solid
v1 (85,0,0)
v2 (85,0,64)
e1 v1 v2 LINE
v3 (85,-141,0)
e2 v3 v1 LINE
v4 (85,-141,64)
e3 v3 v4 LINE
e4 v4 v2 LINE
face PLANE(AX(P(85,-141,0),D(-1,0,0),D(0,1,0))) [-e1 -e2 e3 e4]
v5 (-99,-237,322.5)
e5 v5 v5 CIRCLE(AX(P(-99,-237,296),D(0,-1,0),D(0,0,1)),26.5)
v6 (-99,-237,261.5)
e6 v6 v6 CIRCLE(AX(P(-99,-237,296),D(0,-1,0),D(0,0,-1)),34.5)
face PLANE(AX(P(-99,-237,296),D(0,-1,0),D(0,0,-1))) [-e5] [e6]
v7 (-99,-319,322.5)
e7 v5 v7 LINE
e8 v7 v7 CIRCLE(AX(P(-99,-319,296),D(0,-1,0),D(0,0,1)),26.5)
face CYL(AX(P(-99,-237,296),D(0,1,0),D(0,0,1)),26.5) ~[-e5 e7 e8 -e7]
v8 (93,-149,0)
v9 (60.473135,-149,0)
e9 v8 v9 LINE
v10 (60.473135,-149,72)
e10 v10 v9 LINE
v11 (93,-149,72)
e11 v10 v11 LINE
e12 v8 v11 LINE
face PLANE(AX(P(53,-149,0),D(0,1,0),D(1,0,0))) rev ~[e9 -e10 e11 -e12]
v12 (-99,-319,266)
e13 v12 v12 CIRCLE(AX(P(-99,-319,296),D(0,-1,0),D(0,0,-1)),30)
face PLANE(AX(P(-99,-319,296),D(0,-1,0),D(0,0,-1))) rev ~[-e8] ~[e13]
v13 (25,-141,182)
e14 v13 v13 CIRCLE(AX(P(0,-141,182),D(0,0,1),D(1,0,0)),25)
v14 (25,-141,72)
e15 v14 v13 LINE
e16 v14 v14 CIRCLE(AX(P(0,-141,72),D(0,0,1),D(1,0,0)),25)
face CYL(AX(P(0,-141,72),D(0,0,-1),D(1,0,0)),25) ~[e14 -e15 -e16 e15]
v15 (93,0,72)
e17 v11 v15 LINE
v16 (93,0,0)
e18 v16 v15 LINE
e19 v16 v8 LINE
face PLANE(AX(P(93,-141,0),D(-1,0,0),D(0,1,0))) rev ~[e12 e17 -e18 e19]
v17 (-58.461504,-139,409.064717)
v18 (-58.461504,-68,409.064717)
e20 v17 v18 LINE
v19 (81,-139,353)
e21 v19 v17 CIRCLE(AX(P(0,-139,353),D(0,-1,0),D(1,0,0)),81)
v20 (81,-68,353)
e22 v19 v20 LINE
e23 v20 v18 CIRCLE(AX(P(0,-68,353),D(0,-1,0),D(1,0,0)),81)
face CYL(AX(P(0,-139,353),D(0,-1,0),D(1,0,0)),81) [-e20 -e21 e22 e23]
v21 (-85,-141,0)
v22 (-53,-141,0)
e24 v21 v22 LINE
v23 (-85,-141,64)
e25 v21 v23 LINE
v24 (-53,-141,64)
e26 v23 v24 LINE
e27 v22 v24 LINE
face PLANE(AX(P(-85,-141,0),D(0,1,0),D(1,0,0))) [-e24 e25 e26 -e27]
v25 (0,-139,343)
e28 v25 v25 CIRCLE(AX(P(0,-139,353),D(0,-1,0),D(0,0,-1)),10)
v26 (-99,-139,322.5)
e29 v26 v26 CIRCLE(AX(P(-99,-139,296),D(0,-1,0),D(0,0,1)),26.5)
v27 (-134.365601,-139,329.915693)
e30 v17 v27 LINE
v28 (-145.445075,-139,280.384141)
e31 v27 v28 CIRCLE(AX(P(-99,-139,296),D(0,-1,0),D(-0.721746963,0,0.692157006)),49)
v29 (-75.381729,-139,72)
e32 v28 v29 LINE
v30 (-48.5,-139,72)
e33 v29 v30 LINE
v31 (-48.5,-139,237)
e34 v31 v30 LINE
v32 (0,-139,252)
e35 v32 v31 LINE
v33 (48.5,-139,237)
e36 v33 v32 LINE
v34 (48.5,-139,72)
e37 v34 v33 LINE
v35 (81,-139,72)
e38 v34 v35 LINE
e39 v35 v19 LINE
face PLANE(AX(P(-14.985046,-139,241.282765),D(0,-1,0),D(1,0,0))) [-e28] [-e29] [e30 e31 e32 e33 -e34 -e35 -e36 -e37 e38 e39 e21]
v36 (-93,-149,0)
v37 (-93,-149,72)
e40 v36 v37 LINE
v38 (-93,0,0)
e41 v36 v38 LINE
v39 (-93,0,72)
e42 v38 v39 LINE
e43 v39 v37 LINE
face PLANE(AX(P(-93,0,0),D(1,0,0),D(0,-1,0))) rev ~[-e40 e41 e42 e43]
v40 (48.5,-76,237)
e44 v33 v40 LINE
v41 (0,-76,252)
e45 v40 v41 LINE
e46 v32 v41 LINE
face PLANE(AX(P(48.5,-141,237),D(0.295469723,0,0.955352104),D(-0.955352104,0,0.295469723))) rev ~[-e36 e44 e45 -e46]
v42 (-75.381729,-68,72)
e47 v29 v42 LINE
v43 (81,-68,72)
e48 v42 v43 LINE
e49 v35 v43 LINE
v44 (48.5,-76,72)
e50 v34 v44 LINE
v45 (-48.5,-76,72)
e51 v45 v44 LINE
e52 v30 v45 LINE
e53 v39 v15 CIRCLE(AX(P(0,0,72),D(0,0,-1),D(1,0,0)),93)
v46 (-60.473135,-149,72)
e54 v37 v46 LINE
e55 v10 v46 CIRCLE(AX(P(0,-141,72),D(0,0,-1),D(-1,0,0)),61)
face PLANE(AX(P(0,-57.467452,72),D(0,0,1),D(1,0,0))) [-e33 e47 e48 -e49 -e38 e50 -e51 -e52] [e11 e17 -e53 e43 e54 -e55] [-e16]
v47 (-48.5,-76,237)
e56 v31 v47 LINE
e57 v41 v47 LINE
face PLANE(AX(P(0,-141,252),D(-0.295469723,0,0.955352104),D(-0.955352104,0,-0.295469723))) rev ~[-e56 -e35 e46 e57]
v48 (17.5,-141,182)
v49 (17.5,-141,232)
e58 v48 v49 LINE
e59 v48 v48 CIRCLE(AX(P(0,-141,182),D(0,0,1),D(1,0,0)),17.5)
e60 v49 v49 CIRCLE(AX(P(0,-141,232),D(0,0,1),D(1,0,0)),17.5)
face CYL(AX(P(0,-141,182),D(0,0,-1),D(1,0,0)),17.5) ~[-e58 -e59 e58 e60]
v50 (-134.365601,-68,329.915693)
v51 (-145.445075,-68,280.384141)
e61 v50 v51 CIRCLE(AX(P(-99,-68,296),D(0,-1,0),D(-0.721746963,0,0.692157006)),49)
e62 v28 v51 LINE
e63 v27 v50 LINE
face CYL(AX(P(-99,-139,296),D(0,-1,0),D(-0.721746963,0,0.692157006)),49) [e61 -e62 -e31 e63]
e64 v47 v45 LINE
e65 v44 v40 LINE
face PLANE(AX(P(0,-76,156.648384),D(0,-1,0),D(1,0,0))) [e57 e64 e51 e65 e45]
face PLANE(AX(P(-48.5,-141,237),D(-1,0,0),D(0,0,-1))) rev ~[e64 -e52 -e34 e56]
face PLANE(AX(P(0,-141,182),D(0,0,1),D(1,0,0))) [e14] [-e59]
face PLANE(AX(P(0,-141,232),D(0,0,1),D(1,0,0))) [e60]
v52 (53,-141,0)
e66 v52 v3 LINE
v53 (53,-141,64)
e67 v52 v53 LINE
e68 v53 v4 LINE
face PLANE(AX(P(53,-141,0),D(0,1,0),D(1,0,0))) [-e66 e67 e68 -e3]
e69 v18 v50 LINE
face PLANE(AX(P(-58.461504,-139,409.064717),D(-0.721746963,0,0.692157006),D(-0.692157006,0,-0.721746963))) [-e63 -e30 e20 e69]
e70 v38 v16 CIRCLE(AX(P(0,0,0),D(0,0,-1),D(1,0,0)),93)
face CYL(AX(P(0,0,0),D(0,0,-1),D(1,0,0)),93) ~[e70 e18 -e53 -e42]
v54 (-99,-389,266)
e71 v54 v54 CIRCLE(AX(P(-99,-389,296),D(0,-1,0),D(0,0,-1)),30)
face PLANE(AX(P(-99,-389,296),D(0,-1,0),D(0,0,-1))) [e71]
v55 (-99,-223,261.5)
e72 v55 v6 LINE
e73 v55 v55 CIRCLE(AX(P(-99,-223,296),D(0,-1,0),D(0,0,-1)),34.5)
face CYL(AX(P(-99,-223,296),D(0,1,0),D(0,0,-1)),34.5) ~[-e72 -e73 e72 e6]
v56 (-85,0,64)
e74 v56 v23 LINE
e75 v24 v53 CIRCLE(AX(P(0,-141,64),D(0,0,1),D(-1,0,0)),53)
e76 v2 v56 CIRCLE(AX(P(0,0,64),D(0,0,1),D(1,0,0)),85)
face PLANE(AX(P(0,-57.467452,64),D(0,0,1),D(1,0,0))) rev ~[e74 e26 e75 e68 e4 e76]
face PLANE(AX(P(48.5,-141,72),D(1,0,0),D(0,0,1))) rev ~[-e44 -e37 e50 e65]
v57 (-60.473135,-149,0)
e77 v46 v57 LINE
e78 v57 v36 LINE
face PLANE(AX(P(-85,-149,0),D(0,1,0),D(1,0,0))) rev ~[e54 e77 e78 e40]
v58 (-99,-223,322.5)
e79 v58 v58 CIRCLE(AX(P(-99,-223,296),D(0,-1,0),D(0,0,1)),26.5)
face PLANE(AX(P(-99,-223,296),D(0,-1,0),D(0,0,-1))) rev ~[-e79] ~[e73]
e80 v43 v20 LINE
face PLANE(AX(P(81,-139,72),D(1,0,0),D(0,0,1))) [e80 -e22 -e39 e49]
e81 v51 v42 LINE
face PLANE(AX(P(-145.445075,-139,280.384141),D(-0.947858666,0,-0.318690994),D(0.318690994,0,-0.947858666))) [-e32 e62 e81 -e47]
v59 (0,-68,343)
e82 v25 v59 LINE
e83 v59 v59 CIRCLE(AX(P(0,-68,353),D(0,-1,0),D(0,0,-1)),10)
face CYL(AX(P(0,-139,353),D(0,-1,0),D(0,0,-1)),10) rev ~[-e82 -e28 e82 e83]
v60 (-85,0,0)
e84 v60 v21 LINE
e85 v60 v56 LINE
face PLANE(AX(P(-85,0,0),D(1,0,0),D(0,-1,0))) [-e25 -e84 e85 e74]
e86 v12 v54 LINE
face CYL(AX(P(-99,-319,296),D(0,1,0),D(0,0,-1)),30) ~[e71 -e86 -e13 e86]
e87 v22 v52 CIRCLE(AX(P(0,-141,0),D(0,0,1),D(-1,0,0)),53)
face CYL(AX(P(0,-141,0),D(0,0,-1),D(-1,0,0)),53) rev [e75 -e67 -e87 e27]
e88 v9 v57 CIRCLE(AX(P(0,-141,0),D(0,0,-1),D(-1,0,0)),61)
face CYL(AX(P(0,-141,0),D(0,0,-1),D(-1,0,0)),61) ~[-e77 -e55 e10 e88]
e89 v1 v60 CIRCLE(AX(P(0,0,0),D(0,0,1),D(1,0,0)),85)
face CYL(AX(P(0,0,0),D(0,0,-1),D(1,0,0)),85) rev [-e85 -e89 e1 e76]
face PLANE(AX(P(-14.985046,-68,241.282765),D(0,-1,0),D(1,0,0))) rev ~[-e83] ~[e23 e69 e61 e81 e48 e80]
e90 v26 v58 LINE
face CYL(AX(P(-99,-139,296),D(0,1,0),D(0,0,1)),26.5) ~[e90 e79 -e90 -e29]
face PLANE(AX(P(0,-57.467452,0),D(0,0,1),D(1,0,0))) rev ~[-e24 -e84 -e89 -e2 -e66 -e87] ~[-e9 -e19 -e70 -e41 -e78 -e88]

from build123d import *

# Parameters (mm, degrees)
EXTRUSION1_DEPTH        = 64
COQUE14_T               = 8
EXTRUSION2_DEPTH        = 71
ENL_V_MAT_EXTRU_1_DEPTH = 65
ESQUISSE8_R             = 26.5
EXTRUSION3_DEPTH        = 84
ESQUISSE9_R             = 34.5
EXTRUSION4_DEPTH        = 14
ESQUISSE10_R            = 26.5
EXTRUSION5_DEPTH        = 82
ESQUISSE11_R            = 30
EXTRUSION6_DEPTH        = 70
ESQUISSE12_R            = 25
EXTRUSION7_DEPTH        = 110
ESQUISSE13_R            = 17.5
EXTRUSION8_DEPTH        = 50
ESQUISSE14_R            = 10
ENL_V_MAT_EXTRU_2_DEPTH = 523.264300905


with BuildPart() as part:
    # Esquisse1 → Extrusion1 (new body)
    with BuildSketch(Plane.XY):
        with BuildLine():
            Line((53, -141), (85, -141))
            Line((85, -141), (85, 0))
            ThreePointArc((85, 0), (0, 85), (-85, 0))
            Line((-85, 0), (-85, -141))
            Line((-85, -141), (-53, -141))
            ThreePointArc((-53, -141), (0, -194), (53, -141))
        make_face()
    extrude(amount=EXTRUSION1_DEPTH)

    # Coque14
    coque14_openings = [part.faces().sort_by_distance(p)[0] for p in [
        (0, -50.38495727, 0),
    ]]
    offset(amount=COQUE14_T, openings=coque14_openings, kind=Kind.INTERSECTION)

    # Esquisse2 → Extrusion2 (add)
    with BuildSketch(Plane(origin=(0, -139, 0), x_dir=(-1, 0, 0), z_dir=(0, 1, 0))):
        with BuildLine():
            Line((-81, 72), (-81, 353))
            ThreePointArc((-81, 353), (-30.212730552, 428.154447058), (58.461504015, 409.0647175))
            Line((58.461504015, 409.0647175), (134.365601194, 329.915693302))
            ThreePointArc((134.365601194, 329.915693302), (146.818305394, 306.69624557), (145.44507462, 280.384141281))
            Line((145.44507462, 280.384141281), (75.381729126, 72))
            Line((75.381729126, 72), (-81, 72))
        make_face()
    extrude(amount=EXTRUSION2_DEPTH)

    # Esquisse4 → Enlèv. mat.-Extru.1 (cut)
    with BuildSketch(Plane(origin=(-53, -141, 64), x_dir=(1, 0, 0), z_dir=(0, -1, 0))):
        Polygon((101.5, 8), (101.5, 173), (53, 188), (4.5, 173), (4.5, 8), align=None)
    extrude(amount=-ENL_V_MAT_EXTRU_1_DEPTH, mode=Mode.SUBTRACT)

    # Esquisse8 → Extrusion3 (add)
    with BuildSketch(Plane.XZ.offset(139)):
        with Locations(Location((-99, 296, 0), (0, 0, 90))):
            Circle(ESQUISSE8_R)
    extrude(amount=EXTRUSION3_DEPTH)

    # Esquisse9 → Extrusion4 (add)
    with BuildSketch(Plane.XZ.offset(223)):
        with Locations(Location((-99, 296, 0), (0, 0, 270))):
            Circle(ESQUISSE9_R)
    extrude(amount=EXTRUSION4_DEPTH)

    # Esquisse10 → Extrusion5 (add)
    with BuildSketch(Plane.XZ.offset(237)):
        with Locations(Location((-99, 296, 0), (0, 0, 90))):
            Circle(ESQUISSE10_R)
    extrude(amount=EXTRUSION5_DEPTH)

    # Esquisse11 → Extrusion6 (add)
    with BuildSketch(Plane.XZ.offset(319)):
        with Locations(Location((-99, 296, 0), (0, 0, 270))):
            Circle(ESQUISSE11_R)
    extrude(amount=EXTRUSION6_DEPTH)

    # Esquisse12 → Extrusion7 (add)
    with BuildSketch(Plane.XY.offset(72)):
        with Locations((0, -141)):
            Circle(ESQUISSE12_R)
    extrude(amount=EXTRUSION7_DEPTH)

    # Esquisse13 → Extrusion8 (add)
    with BuildSketch(Plane.XY.offset(182)):
        with Locations((0, -141)):
            Circle(ESQUISSE13_R)
    extrude(amount=EXTRUSION8_DEPTH)

    # Esquisse14 → Enlèv. mat.-Extru.2 (cut, through all)
    with BuildSketch(Plane.XZ.offset(139)):
        with Locations(Location((0, 353, 0), (0, 0, 270))):
            Circle(ESQUISSE14_R)
    extrude(amount=-ENL_V_MAT_EXTRU_2_DEPTH, mode=Mode.SUBTRACT)


solid = part.part
